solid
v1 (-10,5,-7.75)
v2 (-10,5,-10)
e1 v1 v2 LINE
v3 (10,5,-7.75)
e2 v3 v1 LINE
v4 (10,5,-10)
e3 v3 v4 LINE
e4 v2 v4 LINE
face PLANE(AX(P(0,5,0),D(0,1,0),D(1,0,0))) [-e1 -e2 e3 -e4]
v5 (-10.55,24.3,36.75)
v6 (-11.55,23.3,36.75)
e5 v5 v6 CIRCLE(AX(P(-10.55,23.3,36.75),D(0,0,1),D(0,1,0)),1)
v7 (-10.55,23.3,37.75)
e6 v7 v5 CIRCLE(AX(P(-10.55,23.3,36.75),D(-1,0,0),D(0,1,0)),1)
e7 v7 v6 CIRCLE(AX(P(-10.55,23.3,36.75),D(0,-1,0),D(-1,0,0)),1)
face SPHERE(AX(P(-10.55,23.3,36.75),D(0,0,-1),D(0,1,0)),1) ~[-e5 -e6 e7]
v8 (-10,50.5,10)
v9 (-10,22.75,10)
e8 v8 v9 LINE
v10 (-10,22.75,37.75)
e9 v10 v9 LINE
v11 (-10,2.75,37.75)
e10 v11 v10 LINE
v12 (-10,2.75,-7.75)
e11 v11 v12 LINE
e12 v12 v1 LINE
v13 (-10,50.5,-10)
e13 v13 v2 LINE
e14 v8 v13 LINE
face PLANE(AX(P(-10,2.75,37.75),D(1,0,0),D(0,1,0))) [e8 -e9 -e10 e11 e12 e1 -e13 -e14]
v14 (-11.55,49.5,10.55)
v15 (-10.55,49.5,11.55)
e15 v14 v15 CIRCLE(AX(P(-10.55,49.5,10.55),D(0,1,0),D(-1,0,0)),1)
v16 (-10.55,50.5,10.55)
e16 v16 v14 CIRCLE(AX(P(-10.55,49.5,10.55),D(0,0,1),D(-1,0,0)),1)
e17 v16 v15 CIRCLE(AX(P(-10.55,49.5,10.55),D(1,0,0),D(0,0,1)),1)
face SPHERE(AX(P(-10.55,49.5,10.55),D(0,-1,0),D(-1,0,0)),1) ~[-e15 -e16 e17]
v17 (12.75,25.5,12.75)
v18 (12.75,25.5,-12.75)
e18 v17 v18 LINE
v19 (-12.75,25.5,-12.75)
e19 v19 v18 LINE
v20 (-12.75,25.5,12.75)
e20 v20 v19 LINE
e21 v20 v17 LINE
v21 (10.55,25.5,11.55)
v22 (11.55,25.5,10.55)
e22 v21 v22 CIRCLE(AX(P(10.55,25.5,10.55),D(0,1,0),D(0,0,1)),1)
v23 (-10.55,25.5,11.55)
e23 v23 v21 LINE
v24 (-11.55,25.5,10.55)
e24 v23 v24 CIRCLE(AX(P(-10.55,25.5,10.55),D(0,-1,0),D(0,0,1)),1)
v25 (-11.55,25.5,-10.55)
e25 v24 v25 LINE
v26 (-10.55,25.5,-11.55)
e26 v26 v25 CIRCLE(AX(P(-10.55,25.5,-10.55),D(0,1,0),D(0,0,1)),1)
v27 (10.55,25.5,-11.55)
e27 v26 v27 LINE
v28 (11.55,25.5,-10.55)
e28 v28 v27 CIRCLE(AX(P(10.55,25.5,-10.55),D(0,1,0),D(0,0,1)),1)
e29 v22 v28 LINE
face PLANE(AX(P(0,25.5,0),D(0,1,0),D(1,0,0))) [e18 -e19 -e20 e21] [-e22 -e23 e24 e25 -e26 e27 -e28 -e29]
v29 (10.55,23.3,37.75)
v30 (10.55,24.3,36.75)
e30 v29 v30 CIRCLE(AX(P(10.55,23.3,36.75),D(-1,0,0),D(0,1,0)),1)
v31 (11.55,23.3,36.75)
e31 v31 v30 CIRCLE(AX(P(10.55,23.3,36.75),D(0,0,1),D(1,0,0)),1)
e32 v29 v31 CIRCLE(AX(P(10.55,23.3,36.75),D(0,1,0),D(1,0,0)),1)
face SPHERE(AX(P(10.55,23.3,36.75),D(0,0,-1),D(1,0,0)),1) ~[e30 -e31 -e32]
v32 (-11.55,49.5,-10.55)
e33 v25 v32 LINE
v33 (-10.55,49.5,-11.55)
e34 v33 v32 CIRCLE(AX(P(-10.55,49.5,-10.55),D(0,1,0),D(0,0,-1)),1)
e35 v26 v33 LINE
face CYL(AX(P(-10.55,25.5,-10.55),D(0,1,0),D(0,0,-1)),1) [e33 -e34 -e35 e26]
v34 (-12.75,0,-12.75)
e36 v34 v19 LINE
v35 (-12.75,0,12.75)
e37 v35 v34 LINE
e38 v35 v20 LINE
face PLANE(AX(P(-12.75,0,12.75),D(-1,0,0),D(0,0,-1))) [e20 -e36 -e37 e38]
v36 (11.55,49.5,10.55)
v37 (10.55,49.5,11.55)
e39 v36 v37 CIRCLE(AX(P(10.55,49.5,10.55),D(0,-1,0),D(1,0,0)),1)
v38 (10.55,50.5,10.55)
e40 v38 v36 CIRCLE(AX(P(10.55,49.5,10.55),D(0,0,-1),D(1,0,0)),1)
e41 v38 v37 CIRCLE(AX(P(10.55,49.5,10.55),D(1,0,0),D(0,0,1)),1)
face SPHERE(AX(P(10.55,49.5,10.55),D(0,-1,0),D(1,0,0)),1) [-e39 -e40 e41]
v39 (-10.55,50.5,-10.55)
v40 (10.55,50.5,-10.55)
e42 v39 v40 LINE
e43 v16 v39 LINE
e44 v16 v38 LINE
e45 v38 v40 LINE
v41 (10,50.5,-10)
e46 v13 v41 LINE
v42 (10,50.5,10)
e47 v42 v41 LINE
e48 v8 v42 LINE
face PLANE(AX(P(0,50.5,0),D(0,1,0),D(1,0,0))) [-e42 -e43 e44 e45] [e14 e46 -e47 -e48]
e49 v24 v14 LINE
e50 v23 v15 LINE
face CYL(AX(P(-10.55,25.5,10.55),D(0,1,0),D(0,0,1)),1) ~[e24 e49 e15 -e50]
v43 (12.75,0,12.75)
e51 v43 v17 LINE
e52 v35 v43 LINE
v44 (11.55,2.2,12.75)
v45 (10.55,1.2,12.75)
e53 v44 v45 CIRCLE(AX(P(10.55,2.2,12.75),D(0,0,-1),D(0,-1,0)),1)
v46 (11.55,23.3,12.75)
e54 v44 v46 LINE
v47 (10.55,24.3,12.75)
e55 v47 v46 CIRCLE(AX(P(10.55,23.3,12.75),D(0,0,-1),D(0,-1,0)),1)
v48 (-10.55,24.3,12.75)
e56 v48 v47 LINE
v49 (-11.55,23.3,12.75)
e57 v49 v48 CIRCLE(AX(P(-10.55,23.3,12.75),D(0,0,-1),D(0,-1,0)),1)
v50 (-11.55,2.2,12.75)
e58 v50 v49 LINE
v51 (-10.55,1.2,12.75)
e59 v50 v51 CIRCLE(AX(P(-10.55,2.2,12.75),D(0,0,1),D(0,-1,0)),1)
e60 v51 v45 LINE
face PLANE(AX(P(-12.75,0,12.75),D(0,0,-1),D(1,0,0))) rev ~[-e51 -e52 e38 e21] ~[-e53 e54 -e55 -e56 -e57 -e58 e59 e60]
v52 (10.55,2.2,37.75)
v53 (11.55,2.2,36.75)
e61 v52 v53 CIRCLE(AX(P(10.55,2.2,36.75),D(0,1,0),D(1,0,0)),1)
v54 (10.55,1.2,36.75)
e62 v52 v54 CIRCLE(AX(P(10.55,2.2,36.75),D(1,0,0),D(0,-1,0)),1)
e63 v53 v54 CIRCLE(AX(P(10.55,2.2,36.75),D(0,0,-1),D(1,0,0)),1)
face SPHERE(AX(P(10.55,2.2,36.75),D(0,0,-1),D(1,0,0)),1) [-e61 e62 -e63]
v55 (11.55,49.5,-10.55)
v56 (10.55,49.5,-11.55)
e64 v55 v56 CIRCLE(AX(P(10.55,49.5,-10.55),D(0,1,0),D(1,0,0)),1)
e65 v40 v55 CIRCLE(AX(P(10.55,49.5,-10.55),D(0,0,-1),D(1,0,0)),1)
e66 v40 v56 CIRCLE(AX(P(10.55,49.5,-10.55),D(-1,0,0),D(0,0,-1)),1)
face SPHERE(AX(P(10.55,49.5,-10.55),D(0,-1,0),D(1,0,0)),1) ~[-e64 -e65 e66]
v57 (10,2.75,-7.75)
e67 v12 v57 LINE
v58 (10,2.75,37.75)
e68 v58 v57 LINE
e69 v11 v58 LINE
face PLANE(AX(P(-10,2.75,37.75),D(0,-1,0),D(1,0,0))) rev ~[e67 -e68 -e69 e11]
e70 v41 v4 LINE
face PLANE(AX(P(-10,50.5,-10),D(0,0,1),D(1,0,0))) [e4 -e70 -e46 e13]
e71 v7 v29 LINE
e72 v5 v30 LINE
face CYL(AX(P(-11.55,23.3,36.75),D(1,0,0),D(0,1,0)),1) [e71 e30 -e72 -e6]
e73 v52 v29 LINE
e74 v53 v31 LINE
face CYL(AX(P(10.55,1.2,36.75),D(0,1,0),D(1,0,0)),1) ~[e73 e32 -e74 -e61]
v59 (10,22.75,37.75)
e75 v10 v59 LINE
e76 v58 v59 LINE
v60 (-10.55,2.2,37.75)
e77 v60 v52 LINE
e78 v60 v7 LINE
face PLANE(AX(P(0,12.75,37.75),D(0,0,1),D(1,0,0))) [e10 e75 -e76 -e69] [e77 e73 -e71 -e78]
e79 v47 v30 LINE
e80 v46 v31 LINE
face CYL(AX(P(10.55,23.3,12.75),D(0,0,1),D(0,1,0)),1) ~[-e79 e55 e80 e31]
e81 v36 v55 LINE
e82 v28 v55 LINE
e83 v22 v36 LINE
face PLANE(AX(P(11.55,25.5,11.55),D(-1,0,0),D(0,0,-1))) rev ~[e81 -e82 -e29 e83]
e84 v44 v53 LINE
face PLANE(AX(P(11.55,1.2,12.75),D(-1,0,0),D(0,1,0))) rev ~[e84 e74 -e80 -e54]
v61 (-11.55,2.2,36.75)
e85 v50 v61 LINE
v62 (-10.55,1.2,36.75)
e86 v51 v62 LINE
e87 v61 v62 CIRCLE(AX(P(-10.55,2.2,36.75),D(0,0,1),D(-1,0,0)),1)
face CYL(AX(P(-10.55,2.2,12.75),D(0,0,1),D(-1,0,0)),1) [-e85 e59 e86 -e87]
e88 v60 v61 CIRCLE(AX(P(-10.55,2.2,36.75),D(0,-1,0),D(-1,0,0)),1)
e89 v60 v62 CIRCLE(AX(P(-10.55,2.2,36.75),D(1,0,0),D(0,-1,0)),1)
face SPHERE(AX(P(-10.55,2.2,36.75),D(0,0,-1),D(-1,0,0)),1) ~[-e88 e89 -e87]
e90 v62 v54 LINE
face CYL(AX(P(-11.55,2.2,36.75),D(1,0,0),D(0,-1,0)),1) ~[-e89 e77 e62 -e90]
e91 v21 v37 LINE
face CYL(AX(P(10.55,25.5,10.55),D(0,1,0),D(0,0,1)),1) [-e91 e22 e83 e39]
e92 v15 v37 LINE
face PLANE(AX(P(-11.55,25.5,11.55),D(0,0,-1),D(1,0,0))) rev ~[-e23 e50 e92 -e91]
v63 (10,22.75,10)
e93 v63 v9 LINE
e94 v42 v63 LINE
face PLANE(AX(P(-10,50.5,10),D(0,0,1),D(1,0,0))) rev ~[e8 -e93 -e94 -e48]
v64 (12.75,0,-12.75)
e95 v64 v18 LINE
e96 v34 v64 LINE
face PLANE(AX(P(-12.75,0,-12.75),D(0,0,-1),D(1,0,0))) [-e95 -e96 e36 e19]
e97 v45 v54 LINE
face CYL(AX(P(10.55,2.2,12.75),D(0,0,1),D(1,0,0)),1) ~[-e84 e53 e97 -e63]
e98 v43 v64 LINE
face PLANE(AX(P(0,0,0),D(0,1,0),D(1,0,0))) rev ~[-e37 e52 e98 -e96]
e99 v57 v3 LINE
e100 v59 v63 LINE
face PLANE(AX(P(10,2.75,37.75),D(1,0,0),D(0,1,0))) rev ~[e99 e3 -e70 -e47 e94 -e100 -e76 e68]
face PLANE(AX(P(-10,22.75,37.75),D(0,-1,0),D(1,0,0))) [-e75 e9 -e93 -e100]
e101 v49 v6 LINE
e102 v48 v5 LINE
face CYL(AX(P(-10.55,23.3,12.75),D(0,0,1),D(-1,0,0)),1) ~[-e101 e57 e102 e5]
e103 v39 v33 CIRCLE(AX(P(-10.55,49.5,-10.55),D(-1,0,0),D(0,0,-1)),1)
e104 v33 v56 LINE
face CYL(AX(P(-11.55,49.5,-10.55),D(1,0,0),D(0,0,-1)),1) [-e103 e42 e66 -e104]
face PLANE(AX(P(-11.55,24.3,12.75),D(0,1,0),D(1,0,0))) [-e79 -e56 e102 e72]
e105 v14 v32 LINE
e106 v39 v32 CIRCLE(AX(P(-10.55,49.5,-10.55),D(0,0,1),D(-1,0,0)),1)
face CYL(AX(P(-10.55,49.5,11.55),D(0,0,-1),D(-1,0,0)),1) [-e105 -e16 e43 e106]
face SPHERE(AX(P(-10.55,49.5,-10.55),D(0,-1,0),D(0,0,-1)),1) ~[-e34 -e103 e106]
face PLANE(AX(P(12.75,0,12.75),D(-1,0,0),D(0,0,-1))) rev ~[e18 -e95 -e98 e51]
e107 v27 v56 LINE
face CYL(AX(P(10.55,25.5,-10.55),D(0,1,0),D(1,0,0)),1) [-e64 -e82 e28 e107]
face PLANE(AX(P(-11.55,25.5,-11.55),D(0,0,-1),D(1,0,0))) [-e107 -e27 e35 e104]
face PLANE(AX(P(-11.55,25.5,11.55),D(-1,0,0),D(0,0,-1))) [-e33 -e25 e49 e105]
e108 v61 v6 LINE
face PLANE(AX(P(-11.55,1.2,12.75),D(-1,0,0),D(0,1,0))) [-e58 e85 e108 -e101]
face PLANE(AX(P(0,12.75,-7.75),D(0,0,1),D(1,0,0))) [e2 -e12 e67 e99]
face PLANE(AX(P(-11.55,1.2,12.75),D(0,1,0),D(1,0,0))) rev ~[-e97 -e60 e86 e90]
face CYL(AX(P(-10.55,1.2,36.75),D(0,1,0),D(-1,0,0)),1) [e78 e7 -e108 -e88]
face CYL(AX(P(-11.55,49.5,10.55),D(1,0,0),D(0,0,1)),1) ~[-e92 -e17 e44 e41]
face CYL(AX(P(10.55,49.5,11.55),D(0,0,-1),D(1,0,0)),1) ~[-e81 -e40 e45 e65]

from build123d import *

# Parameters (mm, degrees)
SKETCH1_W           = 25.5
SKETCH1_H           = 25.5
BOSS_EXTRUDE1_DEPTH = 25.5
SKETCH3_W           = 23.1
SKETCH3_H           = 23.1
BOSS_EXTRUDE2_DEPTH = 25
SKETCH5_W           = 23.1
SKETCH5_H           = 23.1
BOSS_EXTRUDE3_DEPTH = 25
SKETCH6_W           = 20
SKETCH6_H           = 20
CUT_EXTRUDE1_DEPTH  = 45.5
SKETCH7_W           = 20
SKETCH7_H           = 20
CUT_EXTRUDE2_DEPTH  = 45.5
FILLET1_R           = 1


with BuildPart() as part:
    # Sketch1 → Boss-Extrude1 (new body)
    with BuildSketch(Plane(origin=(0, 0, 0), x_dir=(1, 0, 0), z_dir=(0, 1, 0))):
        Rectangle(SKETCH1_W, SKETCH1_H)
    extrude(amount=BOSS_EXTRUDE1_DEPTH)

    # Sketch3 → Boss-Extrude2 (add)
    with BuildSketch(Plane(origin=(0, 25.5, 0), x_dir=(1, 0, 0), z_dir=(0, 1, 0))):
        Rectangle(SKETCH3_W, SKETCH3_H)
    extrude(amount=BOSS_EXTRUDE2_DEPTH)

    # Sketch5 → Boss-Extrude3 (add)
    with BuildSketch(Plane.XY.offset(12.75)):
        with Locations((0, 12.75)):
            Rectangle(SKETCH5_W, SKETCH5_H)
    extrude(amount=BOSS_EXTRUDE3_DEPTH)

    # Sketch6 → Cut-Extrude1 (cut)
    with BuildSketch(Plane.XY.offset(37.75)):
        with Locations((0, 12.75)):
            Rectangle(SKETCH6_W, SKETCH6_H)
    extrude(amount=-CUT_EXTRUDE1_DEPTH, mode=Mode.SUBTRACT)

    # Sketch7 → Cut-Extrude2 (cut)
    with BuildSketch(Plane(origin=(0, 50.5, 0), x_dir=(1, 0, 0), z_dir=(0, 1, 0))):
        Rectangle(SKETCH7_W, SKETCH7_H)
    extrude(amount=-CUT_EXTRUDE2_DEPTH, mode=Mode.SUBTRACT)

    # Fillet1
    fillet1_edges = [part.edges().sort_by_distance(p)[0] for p in [
        (11.55, 38, 11.55),
        (11.55, 38, -11.55),
        (-11.55, 38, -11.55),
        (-11.55, 38, 11.55),
        (11.55, 50.5, 0),
        (0, 50.5, -11.55),
        (-11.55, 50.5, 0),
        (0, 50.5, 11.55),
        (11.55, 1.2, 25.25),
        (11.55, 24.3, 25.25),
        (-11.55, 24.3, 25.25),
        (-11.55, 1.2, 25.25),
        (11.55, 12.75, 37.75),
        (0, 24.3, 37.75),
        (-11.55, 12.75, 37.75),
        (0, 1.2, 37.75),
    ]]
    fillet(fillet1_edges, radius=FILLET1_R)


solid = part.part
